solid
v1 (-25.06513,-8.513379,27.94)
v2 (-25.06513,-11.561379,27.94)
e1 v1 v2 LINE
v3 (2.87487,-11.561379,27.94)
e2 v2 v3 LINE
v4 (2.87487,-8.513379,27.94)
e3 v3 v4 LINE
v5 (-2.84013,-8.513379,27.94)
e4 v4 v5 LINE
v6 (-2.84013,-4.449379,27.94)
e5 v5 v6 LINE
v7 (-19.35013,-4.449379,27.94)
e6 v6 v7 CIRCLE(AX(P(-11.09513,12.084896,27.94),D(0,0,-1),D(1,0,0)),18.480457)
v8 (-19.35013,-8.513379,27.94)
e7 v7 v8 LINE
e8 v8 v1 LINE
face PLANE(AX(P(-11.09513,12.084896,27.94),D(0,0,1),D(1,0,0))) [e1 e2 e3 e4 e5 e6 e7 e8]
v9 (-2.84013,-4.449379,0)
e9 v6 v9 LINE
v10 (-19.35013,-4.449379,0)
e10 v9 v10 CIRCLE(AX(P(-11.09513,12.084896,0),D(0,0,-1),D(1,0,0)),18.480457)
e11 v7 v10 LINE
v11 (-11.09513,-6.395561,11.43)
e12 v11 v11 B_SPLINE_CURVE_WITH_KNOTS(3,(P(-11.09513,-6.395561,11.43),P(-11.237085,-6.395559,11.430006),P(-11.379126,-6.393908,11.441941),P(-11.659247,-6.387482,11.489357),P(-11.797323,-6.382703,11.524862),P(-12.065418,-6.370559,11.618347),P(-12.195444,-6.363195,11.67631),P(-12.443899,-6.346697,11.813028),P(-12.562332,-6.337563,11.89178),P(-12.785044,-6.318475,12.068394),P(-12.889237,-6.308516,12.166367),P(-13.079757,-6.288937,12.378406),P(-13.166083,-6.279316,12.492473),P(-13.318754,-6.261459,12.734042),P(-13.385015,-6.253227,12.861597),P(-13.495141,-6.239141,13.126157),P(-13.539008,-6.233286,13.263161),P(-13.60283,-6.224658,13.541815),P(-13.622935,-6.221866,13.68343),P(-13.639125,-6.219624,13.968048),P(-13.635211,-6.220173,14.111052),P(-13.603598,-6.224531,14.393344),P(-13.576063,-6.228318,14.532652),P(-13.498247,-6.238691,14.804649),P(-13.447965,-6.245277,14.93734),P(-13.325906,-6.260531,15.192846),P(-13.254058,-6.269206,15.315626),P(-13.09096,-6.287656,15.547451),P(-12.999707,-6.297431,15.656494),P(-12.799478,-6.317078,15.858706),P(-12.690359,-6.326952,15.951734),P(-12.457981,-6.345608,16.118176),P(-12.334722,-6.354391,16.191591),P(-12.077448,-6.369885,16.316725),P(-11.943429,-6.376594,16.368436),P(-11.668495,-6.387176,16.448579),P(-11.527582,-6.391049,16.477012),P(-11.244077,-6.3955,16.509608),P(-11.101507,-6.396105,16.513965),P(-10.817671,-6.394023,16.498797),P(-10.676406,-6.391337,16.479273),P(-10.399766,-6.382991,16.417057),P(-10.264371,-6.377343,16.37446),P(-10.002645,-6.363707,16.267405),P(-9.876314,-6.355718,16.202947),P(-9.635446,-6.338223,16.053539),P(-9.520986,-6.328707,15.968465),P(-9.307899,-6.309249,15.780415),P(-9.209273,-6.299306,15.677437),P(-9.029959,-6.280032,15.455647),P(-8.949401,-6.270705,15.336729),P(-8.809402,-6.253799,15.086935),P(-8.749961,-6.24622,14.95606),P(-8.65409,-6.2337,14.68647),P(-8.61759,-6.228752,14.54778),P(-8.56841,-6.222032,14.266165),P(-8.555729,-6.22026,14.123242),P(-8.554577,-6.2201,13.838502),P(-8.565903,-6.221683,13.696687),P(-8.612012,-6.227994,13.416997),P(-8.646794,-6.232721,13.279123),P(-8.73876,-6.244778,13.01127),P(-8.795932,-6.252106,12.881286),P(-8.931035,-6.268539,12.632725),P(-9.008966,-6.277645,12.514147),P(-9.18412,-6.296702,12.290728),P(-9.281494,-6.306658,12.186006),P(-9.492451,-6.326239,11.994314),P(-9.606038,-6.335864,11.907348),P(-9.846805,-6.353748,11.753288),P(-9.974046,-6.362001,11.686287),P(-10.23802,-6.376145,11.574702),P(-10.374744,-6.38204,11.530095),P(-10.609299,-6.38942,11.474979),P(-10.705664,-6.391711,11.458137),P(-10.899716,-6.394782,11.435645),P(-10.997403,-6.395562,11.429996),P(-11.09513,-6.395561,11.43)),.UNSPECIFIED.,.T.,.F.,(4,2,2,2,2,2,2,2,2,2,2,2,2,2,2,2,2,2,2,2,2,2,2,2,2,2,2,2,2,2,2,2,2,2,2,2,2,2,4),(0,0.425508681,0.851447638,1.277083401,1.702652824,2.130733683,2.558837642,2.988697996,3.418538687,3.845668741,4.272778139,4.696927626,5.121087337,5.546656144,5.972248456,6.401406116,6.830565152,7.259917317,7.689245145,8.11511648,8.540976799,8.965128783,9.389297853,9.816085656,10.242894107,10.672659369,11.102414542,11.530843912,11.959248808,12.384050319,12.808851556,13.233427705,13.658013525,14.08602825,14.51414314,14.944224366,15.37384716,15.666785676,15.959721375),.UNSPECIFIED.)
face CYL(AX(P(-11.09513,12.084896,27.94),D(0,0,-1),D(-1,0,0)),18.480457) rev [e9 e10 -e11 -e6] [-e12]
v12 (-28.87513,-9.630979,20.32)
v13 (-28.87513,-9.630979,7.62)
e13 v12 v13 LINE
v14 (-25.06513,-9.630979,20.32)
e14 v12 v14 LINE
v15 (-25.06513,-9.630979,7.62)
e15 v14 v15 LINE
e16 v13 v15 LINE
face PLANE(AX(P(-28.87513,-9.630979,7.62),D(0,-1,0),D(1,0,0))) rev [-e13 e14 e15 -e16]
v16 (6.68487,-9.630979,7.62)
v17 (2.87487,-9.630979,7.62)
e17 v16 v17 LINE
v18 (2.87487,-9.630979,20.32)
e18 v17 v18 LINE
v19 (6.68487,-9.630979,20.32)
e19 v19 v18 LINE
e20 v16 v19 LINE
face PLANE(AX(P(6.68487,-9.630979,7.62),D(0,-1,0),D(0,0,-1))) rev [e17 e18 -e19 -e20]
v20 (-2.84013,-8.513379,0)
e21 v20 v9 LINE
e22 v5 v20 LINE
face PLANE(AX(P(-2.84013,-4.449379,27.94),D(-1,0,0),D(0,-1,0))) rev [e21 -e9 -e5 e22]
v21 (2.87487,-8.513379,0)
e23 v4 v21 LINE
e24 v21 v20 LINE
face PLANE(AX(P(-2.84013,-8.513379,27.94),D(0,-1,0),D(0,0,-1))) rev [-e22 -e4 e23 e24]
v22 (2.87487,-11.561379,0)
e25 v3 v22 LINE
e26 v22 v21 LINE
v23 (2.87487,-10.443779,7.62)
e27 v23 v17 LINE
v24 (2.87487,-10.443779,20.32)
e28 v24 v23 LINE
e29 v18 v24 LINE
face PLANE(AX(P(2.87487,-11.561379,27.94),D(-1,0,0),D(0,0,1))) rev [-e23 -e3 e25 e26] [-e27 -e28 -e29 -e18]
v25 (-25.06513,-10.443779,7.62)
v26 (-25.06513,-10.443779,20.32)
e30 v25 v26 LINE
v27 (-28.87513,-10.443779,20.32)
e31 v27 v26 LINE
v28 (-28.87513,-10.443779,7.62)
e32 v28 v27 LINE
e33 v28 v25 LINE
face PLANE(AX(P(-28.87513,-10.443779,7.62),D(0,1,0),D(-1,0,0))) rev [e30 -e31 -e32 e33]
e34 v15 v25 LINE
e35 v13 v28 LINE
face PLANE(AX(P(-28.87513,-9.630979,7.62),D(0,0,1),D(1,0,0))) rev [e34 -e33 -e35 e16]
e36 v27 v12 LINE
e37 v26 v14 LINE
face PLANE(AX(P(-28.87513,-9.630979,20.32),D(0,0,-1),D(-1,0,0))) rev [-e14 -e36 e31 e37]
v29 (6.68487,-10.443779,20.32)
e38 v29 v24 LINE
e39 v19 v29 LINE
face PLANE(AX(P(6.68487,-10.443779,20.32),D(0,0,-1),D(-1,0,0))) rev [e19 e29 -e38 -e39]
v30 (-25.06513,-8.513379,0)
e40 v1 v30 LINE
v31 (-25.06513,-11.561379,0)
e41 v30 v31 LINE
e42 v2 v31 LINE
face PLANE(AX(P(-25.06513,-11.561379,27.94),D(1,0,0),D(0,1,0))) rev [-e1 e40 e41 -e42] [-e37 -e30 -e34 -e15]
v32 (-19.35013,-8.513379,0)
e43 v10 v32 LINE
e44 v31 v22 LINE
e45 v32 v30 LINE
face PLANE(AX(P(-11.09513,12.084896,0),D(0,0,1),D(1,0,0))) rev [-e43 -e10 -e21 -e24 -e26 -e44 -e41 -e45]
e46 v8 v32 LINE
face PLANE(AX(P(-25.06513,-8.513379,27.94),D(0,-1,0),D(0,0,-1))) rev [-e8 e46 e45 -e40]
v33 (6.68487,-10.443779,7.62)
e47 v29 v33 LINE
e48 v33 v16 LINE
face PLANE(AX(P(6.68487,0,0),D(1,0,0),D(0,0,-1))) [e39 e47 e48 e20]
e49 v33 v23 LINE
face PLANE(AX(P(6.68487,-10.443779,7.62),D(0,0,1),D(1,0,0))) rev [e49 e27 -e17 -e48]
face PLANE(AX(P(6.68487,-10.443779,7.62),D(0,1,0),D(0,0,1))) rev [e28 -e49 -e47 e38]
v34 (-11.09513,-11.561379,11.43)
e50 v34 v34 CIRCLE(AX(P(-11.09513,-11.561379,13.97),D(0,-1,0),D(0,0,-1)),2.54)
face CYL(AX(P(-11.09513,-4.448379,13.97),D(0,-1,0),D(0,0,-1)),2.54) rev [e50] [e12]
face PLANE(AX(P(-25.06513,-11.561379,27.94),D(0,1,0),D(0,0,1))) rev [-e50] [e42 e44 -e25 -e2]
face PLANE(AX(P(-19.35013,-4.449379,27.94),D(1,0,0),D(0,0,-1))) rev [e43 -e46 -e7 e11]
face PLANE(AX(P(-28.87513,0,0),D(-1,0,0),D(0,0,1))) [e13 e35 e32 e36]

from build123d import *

# Parameters (mm, degrees)
BOSS_EXTRUDE1_DEPTH     = 27.94
CUT_EXTRUDE1_REACH      = 40.203
CUT_EXTRUDE1_END_RADIUS = 18.480456736
SKETCH2_R               = 2.54
SKETCH3_W               = 12.7
SKETCH3_H               = 0.8128
BOSS_EXTRUDE2_DEPTH     = 3.81
SKETCH4_W               = 12.7
SKETCH4_H               = 0.8128
BOSS_EXTRUDE3_DEPTH     = 3.81


with BuildPart() as part:
    # Sketch1 → Boss-Extrude1 (new body)
    with BuildSketch(Plane.XY):
        with BuildLine():
            Line((-25.065129767, -11.56137931), (2.874870233, -11.56137931))
            Line((2.874870233, -11.56137931), (2.874870233, -8.51337931))
            Line((2.874870233, -8.51337931), (-2.840129767, -8.51337931))
            Line((-2.840129767, -8.51337931), (-2.840129767, -4.44937931))
            ThreePointArc((-2.840129767, -4.44937931), (-11.095129767, -6.395560853), (-19.350129767, -4.44937931))
            Line((-19.350129767, -4.44937931), (-19.350129767, -8.51337931))
            Line((-19.350129767, -8.51337931), (-25.065129767, -8.51337931))
            Line((-25.065129767, -8.51337931), (-25.065129767, -11.56137931))
        make_face()
    extrude(amount=BOSS_EXTRUDE1_DEPTH)

    # Cut-Extrude1: up to this cylinder (the profile starts outside it)
    cut_extrude1_end = Plane(origin=(-11.095129767, 12.084895883, 13.97), z_dir=(0, 0, -1)) * Cylinder(CUT_EXTRUDE1_END_RADIUS, 118.366913471, mode=Mode.PRIVATE)
    # Sketch2 → Cut-Extrude1 (cut, up to the surface)
    with BuildSketch(Plane.XZ.offset(11.56137931), mode=Mode.PRIVATE) as cut_extrude1_sk1:
        with Locations(Location((-11.095129767, 13.97, 0), (0, 0, 270))):
            Circle(SKETCH2_R)
    cut_extrude1_tool1 = extrude(cut_extrude1_sk1.sketch, amount=-CUT_EXTRUDE1_REACH, mode=Mode.PRIVATE) - cut_extrude1_end
    add(cut_extrude1_tool1.solids().sort_by_distance((-11.09513, -11.561379, 13.97))[0], mode=Mode.SUBTRACT)

    # Sketch3 → Boss-Extrude2 (add)
    with BuildSketch(Plane(origin=(2.874870233, 0, 0), x_dir=(0, 0, -1), z_dir=(1, 0, 0))):
        with Locations((-13.97, -10.03737931)):
            Rectangle(SKETCH3_W, SKETCH3_H)
    extrude(amount=BOSS_EXTRUDE2_DEPTH)

    # Sketch4 → Boss-Extrude3 (add)
    with BuildSketch(Plane.ZY.offset(25.065129767)):
        with Locations((13.97, -10.03737931)):
            Rectangle(SKETCH4_W, SKETCH4_H)
    extrude(amount=BOSS_EXTRUDE3_DEPTH)


solid = part.part
